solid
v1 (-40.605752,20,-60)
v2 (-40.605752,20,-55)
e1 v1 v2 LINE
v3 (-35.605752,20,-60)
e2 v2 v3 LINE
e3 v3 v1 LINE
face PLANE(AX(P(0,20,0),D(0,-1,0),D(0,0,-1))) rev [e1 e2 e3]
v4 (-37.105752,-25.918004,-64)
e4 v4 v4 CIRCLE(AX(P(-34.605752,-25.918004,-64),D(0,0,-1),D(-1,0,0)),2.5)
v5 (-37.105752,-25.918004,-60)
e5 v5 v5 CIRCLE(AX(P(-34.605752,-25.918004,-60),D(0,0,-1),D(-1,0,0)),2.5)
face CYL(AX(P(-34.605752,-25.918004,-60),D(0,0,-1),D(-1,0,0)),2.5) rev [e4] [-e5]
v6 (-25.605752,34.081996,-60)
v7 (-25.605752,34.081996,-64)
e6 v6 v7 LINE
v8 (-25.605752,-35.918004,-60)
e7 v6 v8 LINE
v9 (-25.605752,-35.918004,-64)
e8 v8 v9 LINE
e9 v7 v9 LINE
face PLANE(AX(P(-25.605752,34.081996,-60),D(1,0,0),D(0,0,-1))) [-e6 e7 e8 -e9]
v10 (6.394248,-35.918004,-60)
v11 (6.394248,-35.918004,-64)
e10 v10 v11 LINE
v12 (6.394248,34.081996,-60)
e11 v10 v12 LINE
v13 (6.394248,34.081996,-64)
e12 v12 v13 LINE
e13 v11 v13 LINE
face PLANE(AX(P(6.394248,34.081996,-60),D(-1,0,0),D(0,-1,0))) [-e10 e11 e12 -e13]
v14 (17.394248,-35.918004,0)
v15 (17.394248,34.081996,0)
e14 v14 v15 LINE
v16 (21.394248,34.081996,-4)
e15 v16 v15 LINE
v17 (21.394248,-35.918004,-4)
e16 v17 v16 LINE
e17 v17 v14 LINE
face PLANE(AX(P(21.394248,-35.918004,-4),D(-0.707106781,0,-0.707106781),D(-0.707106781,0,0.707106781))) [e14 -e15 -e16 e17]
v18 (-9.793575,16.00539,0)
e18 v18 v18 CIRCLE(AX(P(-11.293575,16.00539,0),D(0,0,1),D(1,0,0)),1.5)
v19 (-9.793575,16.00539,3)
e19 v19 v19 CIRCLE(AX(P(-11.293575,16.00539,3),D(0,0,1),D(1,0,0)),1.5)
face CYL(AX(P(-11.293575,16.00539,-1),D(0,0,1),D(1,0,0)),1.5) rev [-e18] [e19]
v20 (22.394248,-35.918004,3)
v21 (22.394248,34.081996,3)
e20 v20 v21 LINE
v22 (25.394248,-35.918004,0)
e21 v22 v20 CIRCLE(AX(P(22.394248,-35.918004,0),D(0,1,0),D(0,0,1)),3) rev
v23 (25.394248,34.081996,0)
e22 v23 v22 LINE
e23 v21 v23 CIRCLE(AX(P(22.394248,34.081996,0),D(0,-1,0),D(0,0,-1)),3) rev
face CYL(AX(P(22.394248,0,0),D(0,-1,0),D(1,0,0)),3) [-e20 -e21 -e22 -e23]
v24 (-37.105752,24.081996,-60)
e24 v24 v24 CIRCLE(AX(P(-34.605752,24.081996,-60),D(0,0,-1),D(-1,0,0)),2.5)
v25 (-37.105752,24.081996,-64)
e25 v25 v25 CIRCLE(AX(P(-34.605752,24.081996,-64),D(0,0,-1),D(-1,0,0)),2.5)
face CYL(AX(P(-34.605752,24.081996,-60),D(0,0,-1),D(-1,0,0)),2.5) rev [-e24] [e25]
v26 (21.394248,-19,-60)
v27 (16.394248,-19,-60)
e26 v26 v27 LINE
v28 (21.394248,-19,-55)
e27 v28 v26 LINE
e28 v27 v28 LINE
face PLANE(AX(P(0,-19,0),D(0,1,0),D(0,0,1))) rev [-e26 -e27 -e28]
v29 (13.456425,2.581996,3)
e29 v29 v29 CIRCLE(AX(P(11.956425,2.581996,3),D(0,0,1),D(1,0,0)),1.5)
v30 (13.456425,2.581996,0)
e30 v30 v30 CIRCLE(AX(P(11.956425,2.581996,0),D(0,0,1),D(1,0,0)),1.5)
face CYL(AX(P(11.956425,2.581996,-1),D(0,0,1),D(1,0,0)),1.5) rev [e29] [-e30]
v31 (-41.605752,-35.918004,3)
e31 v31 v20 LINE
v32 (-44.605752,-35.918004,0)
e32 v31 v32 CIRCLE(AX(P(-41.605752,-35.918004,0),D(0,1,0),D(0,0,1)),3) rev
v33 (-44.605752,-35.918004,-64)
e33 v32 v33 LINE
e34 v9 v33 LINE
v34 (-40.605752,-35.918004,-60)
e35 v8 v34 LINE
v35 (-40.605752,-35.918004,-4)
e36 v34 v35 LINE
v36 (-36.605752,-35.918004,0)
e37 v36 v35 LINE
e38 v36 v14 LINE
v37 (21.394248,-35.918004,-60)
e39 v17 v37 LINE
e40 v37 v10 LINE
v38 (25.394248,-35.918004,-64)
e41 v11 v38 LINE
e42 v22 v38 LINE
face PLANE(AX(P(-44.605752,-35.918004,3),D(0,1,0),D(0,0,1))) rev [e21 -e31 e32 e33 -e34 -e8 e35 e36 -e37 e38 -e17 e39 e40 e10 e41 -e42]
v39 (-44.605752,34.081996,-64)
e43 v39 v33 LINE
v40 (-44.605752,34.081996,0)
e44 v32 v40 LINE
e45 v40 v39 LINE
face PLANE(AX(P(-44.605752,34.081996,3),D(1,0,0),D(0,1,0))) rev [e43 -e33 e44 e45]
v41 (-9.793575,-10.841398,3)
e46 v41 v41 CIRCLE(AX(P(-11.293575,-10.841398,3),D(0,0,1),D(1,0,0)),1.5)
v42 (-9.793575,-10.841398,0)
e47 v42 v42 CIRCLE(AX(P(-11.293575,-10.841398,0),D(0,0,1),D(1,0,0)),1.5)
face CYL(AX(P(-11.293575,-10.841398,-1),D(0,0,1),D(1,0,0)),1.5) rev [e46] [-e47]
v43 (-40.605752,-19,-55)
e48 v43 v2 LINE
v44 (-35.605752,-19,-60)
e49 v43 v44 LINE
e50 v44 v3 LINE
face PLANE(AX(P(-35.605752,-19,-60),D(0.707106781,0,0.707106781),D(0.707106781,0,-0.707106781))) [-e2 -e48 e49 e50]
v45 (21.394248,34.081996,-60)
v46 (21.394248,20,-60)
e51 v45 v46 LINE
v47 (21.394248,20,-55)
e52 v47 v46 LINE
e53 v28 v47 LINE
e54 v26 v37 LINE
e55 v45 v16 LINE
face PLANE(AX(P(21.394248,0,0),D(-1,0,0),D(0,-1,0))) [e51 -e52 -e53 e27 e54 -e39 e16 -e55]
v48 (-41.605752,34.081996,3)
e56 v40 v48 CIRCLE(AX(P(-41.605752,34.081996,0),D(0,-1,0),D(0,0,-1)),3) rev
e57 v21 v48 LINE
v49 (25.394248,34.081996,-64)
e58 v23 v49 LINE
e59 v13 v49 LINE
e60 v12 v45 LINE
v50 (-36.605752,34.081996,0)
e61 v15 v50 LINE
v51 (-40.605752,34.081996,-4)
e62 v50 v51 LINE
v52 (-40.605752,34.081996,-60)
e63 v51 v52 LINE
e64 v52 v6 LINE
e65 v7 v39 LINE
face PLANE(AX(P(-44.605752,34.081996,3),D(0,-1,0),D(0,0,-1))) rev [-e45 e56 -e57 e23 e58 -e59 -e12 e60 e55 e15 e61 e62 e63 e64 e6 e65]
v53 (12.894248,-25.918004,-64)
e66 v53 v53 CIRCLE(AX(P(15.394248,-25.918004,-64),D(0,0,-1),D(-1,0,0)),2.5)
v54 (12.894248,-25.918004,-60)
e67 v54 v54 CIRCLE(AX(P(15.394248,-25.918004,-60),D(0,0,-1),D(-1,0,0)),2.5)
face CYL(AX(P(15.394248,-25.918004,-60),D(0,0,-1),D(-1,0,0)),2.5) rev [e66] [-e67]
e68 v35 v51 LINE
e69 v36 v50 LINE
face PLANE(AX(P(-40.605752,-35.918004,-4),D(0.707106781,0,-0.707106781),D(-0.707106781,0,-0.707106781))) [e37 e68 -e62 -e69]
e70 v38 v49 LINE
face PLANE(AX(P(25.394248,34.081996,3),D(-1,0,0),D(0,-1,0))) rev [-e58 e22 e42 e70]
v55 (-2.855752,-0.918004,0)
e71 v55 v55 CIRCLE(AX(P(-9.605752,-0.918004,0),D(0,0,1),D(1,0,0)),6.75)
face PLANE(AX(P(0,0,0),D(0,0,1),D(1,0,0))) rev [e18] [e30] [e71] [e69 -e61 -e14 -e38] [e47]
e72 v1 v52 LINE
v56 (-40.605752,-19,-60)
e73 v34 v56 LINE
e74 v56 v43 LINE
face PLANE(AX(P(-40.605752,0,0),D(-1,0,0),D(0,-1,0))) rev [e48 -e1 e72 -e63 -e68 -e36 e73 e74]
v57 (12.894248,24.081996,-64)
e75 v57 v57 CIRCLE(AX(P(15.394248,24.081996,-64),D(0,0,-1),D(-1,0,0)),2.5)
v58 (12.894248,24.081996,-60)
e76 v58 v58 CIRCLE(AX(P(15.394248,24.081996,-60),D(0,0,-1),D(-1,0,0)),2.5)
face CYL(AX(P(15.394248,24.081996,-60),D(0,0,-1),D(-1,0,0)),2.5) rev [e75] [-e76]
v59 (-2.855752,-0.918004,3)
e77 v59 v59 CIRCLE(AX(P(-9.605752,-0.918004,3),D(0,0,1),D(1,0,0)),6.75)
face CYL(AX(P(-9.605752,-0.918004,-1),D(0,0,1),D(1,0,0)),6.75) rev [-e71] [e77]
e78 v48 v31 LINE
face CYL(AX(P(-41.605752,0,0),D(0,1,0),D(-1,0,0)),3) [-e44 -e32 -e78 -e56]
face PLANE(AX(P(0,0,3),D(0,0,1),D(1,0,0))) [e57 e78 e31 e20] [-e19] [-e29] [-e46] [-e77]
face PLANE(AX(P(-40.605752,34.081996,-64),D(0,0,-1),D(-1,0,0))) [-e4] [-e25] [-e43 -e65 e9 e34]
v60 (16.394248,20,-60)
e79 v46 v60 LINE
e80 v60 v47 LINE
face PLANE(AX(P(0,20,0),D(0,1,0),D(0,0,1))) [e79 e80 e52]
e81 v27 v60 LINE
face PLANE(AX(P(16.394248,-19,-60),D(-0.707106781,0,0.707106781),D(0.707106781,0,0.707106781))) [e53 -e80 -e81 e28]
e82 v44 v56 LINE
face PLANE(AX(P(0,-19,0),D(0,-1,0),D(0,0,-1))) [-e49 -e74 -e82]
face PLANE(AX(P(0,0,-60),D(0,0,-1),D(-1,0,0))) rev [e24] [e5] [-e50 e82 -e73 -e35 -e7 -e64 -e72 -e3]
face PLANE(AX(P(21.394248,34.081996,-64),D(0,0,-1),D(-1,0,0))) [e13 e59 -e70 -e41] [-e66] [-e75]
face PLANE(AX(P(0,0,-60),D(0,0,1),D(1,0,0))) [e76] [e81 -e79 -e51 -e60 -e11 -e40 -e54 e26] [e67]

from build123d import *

# Parameters (mm, degrees)
SKETCH1_W                = 70
SKETCH1_H                = 70
BOSS_EXTRUDE2_DEPTH      = 3
SKETCH2_R                = 6.75
SKETCH2_R_2              = 1.5
CUT_EXTRUDE1_DEPTH       = 4
SKETCH3_W                = 64
SKETCH3_H                = 70
BOSS_EXTRUDE3_DEPTH      = 4
SKETCH4_W                = 64
SKETCH4_H                = 70
BOSS_EXTRUDE4_DEPTH      = 4
SKETCH5_W                = 15
SKETCH5_H                = 70
BOSS_EXTRUDE5_DEPTH      = 4
SKETCH6_R                = 2.5
CUT_EXTRUDE2_DEPTH       = 4
BOSS_EXTRUDE6_DEPTH      = 70
BOSS_EXTRUDE7_DEPTH      = 20
BOSS_EXTRUDE7_DEPTH_BACK = 19
FILLET1_R                = 3


with BuildPart() as part:
    # Sketch1 → Boss-Extrude2 (new body)
    with BuildSketch(Plane.XY):
        with Locations((-9.605752423, -0.918004132)):
            Rectangle(SKETCH1_W, SKETCH1_H)
    extrude(amount=BOSS_EXTRUDE2_DEPTH)

    # Sketch2 → Cut-Extrude1 (cut)
    with BuildSketch(Plane.XY.offset(3)):
        with Locations((-9.605752423, -0.918004132)):
            Circle(SKETCH2_R)
        with Locations((-11.293574597, 16.005389627)):
            Circle(SKETCH2_R_2)
        with Locations((11.956425403, 2.581995868)):
            Circle(SKETCH2_R_2)
        with Locations((-11.293574597, -10.84139789)):
            Circle(SKETCH2_R_2)
    extrude(amount=-CUT_EXTRUDE1_DEPTH, mode=Mode.SUBTRACT)

    # Sketch3 → Boss-Extrude3 (add)
    with BuildSketch(Plane(origin=(25.394247577, 0, 0), x_dir=(0, 0, -1), z_dir=(1, 0, 0))):
        with Locations((32, -0.918004132)):
            Rectangle(SKETCH3_W, SKETCH3_H)
    extrude(amount=-BOSS_EXTRUDE3_DEPTH)

    # Sketch4 → Boss-Extrude4 (add)
    with BuildSketch(Plane.ZY.offset(44.605752423)):
        with Locations((-32, -0.918004132)):
            Rectangle(SKETCH4_W, SKETCH4_H)
    extrude(amount=-BOSS_EXTRUDE4_DEPTH)

    # Sketch5 → Boss-Extrude5 (add)
    with BuildSketch(Plane(origin=(0, 0, -64), x_dir=(-1, 0, 0), z_dir=(0, 0, -1))):
        with Locations((-13.894247577, -0.918004132)):
            Rectangle(SKETCH5_W, SKETCH5_H)
        with Locations((33.105752423, -0.918004132)):
            Rectangle(SKETCH5_W, SKETCH5_H)
    extrude(amount=-BOSS_EXTRUDE5_DEPTH)

    # Sketch6 → Cut-Extrude2 (cut)
    with BuildSketch(Plane(origin=(0, 0, -64), x_dir=(-1, 0, 0), z_dir=(0, 0, -1))):
        with Locations((-15.394247577, 24.081995868)):
            Circle(SKETCH6_R)
        with Locations((-15.394247577, -25.918004132)):
            Circle(SKETCH6_R)
        with Locations((34.605752423, 24.081995868)):
            Circle(SKETCH6_R)
        with Locations((34.605752423, -25.918004132)):
            Circle(SKETCH6_R)
    extrude(amount=-CUT_EXTRUDE2_DEPTH, mode=Mode.SUBTRACT)

    # Sketch7 → Boss-Extrude6 (add)
    with BuildSketch(Plane(origin=(0, 34.081995868, 0), x_dir=(1, 0, 0), z_dir=(0, 1, 0))):
        Polygon((-40.605752423, 0), (-40.605752423, 4), (-36.605752423, 0), align=None)
        Polygon((21.394247577, 0), (21.394247577, 4), (17.394247577, 0), align=None)
    extrude(amount=-BOSS_EXTRUDE6_DEPTH)

    # Sketch8 → Boss-Extrude7 (add, two sides: drawn at the far end of the back side and taken through both)
    with BuildSketch(Plane(origin=(0, 0, 0), x_dir=(1, 0, 0), z_dir=(0, 1, 0)).offset(-BOSS_EXTRUDE7_DEPTH_BACK)):
        Polygon((-40.605752423, 60), (-35.605752423, 60), (-40.605752423, 55), align=None)
        Polygon((21.394247577, 60), (16.394247577, 60), (21.394247577, 55), align=None)
    extrude(amount=BOSS_EXTRUDE7_DEPTH + BOSS_EXTRUDE7_DEPTH_BACK)

    # Fillet1
    fillet1_edges = [part.edges().sort_by_distance(p)[0] for p in [
        (25.394247577, -0.918004132, 3),
        (-44.605752423, -0.918004132, 3),
    ]]
    fillet(fillet1_edges, radius=FILLET1_R)


solid = part.part
